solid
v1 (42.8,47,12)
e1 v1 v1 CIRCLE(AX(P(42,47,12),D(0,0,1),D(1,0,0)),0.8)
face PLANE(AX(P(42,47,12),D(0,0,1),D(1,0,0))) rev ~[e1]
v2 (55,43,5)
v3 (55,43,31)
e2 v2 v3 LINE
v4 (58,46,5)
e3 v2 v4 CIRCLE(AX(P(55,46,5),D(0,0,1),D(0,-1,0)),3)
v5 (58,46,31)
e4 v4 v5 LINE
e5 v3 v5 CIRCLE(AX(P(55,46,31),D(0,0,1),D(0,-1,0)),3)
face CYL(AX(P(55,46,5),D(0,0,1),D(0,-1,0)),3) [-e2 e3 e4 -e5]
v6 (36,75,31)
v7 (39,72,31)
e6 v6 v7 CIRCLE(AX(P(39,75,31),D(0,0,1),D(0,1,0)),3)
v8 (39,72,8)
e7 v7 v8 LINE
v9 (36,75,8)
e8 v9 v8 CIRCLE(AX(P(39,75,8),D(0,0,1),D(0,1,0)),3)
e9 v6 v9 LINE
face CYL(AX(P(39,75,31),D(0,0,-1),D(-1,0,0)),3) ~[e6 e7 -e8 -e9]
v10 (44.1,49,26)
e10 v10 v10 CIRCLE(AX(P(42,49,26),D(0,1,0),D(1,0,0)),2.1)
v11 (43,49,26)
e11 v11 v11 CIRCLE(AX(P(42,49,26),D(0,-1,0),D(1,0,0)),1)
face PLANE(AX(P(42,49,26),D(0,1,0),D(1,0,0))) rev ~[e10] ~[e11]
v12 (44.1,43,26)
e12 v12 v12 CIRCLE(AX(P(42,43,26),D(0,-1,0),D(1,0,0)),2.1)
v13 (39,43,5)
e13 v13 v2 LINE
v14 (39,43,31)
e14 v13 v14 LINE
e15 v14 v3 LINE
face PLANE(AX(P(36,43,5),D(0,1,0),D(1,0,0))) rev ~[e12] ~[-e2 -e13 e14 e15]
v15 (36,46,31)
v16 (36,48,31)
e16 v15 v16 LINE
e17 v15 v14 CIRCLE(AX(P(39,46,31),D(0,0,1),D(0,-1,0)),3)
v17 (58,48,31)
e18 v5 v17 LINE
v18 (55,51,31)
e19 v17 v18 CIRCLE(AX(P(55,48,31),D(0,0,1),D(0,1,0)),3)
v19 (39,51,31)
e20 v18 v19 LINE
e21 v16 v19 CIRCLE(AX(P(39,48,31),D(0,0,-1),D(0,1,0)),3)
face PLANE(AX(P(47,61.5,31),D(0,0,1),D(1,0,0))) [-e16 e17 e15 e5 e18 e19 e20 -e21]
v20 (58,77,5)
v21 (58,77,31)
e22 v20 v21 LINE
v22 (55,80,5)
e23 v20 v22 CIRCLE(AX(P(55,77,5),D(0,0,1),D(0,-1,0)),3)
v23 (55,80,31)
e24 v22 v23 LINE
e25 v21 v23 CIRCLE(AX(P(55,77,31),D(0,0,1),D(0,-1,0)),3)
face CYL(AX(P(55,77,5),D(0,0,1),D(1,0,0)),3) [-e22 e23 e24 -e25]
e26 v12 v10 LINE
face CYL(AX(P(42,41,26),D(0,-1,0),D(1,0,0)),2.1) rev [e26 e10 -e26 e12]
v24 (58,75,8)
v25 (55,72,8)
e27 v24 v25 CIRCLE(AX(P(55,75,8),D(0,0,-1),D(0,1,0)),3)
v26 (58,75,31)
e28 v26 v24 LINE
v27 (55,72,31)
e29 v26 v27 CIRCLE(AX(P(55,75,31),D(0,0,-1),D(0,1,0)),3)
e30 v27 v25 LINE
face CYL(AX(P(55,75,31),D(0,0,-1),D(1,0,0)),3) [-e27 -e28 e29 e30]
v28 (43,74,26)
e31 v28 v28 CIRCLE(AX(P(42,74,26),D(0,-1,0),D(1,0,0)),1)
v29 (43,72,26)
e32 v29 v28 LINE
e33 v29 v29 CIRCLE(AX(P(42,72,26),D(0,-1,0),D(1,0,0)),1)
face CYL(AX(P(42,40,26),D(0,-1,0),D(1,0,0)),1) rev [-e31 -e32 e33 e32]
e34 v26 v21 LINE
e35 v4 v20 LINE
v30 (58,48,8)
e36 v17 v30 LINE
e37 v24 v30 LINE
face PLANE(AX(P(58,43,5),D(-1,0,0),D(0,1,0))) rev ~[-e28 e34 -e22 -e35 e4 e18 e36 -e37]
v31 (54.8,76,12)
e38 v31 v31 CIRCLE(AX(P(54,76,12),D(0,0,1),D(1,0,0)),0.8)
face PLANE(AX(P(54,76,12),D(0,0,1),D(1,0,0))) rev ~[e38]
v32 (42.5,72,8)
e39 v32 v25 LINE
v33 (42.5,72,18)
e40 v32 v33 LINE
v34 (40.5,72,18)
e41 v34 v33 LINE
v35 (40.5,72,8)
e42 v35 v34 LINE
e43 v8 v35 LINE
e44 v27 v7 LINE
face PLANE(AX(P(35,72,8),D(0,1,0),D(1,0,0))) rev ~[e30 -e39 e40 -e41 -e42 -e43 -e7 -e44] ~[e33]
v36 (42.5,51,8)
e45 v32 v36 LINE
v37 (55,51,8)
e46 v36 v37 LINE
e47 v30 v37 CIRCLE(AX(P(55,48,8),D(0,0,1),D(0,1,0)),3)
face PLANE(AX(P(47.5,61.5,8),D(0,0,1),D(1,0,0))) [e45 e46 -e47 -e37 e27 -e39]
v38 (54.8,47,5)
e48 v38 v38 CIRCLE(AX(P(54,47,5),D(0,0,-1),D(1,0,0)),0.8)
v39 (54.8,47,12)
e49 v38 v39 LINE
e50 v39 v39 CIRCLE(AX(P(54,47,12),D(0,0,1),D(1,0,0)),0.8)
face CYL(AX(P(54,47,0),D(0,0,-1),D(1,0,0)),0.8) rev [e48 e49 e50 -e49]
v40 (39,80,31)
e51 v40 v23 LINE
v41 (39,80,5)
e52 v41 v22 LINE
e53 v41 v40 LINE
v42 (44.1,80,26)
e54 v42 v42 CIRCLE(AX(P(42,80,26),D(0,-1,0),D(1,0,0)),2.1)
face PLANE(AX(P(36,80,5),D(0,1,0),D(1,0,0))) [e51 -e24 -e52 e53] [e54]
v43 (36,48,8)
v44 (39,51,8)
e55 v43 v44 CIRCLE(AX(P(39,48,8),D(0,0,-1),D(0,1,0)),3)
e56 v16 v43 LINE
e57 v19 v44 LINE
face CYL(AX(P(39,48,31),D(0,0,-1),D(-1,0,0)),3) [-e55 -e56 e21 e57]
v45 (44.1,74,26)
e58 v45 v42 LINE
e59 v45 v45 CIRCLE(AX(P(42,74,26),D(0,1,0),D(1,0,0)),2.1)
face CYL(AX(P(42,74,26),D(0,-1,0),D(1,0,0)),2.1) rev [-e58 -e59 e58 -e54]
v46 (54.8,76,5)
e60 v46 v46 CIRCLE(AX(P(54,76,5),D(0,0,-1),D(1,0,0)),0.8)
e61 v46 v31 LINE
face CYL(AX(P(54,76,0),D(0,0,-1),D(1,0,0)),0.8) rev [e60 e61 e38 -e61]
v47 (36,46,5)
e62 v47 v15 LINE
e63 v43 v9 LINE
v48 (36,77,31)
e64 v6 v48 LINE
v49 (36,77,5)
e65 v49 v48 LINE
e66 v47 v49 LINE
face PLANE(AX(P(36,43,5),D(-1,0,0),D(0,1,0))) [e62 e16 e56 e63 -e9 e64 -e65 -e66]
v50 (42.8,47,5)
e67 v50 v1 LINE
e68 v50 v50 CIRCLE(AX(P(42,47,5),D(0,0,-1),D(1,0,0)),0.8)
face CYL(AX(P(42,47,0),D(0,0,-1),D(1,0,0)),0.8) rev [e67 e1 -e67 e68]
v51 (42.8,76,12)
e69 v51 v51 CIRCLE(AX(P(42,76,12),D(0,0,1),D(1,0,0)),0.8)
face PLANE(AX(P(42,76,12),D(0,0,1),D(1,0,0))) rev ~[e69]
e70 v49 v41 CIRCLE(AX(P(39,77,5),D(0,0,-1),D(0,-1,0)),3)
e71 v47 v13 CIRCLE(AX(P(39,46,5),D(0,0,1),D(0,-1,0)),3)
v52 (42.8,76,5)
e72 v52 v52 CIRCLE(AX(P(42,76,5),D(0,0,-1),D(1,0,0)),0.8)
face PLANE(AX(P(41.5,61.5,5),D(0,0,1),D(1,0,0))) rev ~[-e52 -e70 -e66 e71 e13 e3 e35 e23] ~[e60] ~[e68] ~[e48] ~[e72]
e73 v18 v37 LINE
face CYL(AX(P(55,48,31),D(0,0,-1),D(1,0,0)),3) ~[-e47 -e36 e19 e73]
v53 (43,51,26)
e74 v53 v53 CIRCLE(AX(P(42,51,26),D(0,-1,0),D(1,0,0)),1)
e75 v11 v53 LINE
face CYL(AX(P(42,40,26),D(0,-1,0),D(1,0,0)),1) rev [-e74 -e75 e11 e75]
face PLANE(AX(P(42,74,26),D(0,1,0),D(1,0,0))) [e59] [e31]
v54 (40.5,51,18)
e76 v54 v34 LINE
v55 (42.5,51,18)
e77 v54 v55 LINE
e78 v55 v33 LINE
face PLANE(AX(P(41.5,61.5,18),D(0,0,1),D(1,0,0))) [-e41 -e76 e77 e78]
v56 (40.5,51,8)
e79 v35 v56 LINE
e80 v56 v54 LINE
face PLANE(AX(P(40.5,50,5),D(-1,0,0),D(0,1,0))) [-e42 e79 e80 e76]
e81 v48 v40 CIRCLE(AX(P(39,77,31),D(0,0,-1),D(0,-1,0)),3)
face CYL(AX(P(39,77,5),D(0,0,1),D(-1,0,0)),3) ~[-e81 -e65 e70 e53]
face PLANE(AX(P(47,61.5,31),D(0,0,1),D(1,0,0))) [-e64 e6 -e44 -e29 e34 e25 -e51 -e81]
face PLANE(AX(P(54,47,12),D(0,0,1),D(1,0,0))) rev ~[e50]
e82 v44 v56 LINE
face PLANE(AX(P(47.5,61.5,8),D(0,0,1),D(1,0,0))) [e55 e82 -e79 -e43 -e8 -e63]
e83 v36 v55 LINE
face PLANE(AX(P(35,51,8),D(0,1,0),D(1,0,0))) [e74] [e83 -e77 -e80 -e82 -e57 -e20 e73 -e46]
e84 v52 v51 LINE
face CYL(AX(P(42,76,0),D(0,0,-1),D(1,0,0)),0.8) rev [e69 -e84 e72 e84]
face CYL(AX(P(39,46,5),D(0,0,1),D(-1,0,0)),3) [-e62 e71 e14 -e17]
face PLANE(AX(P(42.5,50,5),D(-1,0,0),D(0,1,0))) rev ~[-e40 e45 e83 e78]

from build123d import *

# Parameters (mm, degrees)
CYLINDER027_R     = 0.8
CYLINDER027_DEPTH = 12
CYLINDER028_R     = 0.8
CYLINDER028_DEPTH = 12
CYLINDER029_R     = 0.8
CYLINDER029_DEPTH = 12
CYLINDER039_R     = 1
CYLINDER039_DEPTH = 45
CYLINDER040_R     = 2.1
CYLINDER040_DEPTH = 8
CYLINDER041_R     = 2.1
CYLINDER041_DEPTH = 8
CYLINDER026_R     = 0.8
CYLINDER026_DEPTH = 12
BOX043_W          = 2
BOX043_H          = 23
BOX043_DEPTH      = 13
BOX042_W          = 25
BOX042_H          = 21
BOX042_DEPTH      = 28
BOX030_W          = 22
BOX030_H          = 37
BOX030_DEPTH      = 26
FILLET002024_R    = 3
FILLET002034_R    = 3


with BuildPart() as screwholle008:
    # Cylinder027 → Cylinder027 (new body)
    with BuildSketch(Plane(origin=(54, 47, 0), x_dir=(1, 0, 0), z_dir=(0, 0, 1))):
        Circle(CYLINDER027_R)
    extrude(amount=CYLINDER027_DEPTH)


with BuildPart() as screwholle009:
    # Cylinder028 → Cylinder028 (new body)
    with BuildSketch(Plane(origin=(42, 76, 0), x_dir=(1, 0, 0), z_dir=(0, 0, 1))):
        Circle(CYLINDER028_R)
    extrude(amount=CYLINDER028_DEPTH)


with BuildPart() as screwholle010:
    # Cylinder029 → Cylinder029 (new body)
    with BuildSketch(Plane(origin=(54, 76, 0), x_dir=(1, 0, 0), z_dir=(0, 0, 1))):
        Circle(CYLINDER029_R)
    extrude(amount=CYLINDER029_DEPTH)


with BuildPart() as screwholle020:
    # Cylinder039 → Cylinder039 (new body)
    with BuildSketch(Plane(origin=(42, 40, 26), x_dir=(1, 0, 0), z_dir=(0, 1, 0))):
        Circle(CYLINDER039_R)
    extrude(amount=CYLINDER039_DEPTH)


with BuildPart() as screwholle021:
    # Cylinder040 → Cylinder040 (new body)
    with BuildSketch(Plane(origin=(42, 41, 26), x_dir=(1, 0, 0), z_dir=(0, 1, 0))):
        Circle(CYLINDER040_R)
    extrude(amount=CYLINDER040_DEPTH)


with BuildPart() as screwholle022:
    # Cylinder041 → Cylinder041 (new body)
    with BuildSketch(Plane(origin=(42, 74, 26), x_dir=(1, 0, 0), z_dir=(0, 1, 0))):
        Circle(CYLINDER041_R)
    extrude(amount=CYLINDER041_DEPTH)


with BuildPart() as fusion029:
    # Cylinder026 → Cylinder026 (new body)
    with BuildSketch(Plane(origin=(42, 47, 0), x_dir=(1, 0, 0), z_dir=(0, 0, 1))):
        Circle(CYLINDER026_R)
    extrude(amount=CYLINDER026_DEPTH)

    # Fusion029: union ScrewHolle008, ScrewHolle009, ScrewHolle010, ScrewHolle020, ScrewHolle021, ScrewHolle022
    add(screwholle008.part)
    add(screwholle009.part)
    add(screwholle010.part)
    add(screwholle020.part)
    add(screwholle021.part)
    add(screwholle022.part)


with BuildPart() as cube036:
    # Box043 → Box043 (new body)
    with BuildSketch(Plane(origin=(40.5, 50, 5), x_dir=(1, 0, 0), z_dir=(0, 0, 1))):
        with Locations((1, 11.5)):
            Rectangle(BOX043_W, BOX043_H)
    extrude(amount=BOX043_DEPTH)


with BuildPart() as cube035:
    # Box042 → Box042 (new body)
    with BuildSketch(Plane(origin=(35, 51, 8), x_dir=(1, 0, 0), z_dir=(0, 0, 1))):
        with Locations((12.5, 10.5)):
            Rectangle(BOX042_W, BOX042_H)
    extrude(amount=BOX042_DEPTH)


with BuildPart() as btnbox:
    # Box030 → Box030 (new body)
    with BuildSketch(Plane(origin=(36, 43, 5), x_dir=(1, 0, 0), z_dir=(0, 0, 1))):
        with Locations((11, 18.5)):
            Rectangle(BOX030_W, BOX030_H)
    extrude(amount=BOX030_DEPTH)

    # Fillet002024
    fillet002024_edges = [btnbox.edges().sort_by_distance(p)[0] for p in [
        (36, 43, 18),
        (36, 80, 18),
        (58, 43, 18),
        (58, 80, 18),
    ]]
    fillet(fillet002024_edges, radius=FILLET002024_R)

    # Cut007: cut Cube035
    add(cube035.part, mode=Mode.SUBTRACT)

    # Fusion028: union Cube036
    add(cube036.part)

    # Fillet002034
    fillet002034_edges = [btnbox.edges().sort_by_distance(p)[0] for p in [
        (36, 51, 19.5),
        (36, 72, 19.5),
        (58, 51, 19.5),
        (58, 72, 19.5),
    ]]
    fillet(fillet002034_edges, radius=FILLET002034_R)

    # Cut008: cut Fusion029
    add(fusion029.part, mode=Mode.SUBTRACT)


solid = btnbox.part
